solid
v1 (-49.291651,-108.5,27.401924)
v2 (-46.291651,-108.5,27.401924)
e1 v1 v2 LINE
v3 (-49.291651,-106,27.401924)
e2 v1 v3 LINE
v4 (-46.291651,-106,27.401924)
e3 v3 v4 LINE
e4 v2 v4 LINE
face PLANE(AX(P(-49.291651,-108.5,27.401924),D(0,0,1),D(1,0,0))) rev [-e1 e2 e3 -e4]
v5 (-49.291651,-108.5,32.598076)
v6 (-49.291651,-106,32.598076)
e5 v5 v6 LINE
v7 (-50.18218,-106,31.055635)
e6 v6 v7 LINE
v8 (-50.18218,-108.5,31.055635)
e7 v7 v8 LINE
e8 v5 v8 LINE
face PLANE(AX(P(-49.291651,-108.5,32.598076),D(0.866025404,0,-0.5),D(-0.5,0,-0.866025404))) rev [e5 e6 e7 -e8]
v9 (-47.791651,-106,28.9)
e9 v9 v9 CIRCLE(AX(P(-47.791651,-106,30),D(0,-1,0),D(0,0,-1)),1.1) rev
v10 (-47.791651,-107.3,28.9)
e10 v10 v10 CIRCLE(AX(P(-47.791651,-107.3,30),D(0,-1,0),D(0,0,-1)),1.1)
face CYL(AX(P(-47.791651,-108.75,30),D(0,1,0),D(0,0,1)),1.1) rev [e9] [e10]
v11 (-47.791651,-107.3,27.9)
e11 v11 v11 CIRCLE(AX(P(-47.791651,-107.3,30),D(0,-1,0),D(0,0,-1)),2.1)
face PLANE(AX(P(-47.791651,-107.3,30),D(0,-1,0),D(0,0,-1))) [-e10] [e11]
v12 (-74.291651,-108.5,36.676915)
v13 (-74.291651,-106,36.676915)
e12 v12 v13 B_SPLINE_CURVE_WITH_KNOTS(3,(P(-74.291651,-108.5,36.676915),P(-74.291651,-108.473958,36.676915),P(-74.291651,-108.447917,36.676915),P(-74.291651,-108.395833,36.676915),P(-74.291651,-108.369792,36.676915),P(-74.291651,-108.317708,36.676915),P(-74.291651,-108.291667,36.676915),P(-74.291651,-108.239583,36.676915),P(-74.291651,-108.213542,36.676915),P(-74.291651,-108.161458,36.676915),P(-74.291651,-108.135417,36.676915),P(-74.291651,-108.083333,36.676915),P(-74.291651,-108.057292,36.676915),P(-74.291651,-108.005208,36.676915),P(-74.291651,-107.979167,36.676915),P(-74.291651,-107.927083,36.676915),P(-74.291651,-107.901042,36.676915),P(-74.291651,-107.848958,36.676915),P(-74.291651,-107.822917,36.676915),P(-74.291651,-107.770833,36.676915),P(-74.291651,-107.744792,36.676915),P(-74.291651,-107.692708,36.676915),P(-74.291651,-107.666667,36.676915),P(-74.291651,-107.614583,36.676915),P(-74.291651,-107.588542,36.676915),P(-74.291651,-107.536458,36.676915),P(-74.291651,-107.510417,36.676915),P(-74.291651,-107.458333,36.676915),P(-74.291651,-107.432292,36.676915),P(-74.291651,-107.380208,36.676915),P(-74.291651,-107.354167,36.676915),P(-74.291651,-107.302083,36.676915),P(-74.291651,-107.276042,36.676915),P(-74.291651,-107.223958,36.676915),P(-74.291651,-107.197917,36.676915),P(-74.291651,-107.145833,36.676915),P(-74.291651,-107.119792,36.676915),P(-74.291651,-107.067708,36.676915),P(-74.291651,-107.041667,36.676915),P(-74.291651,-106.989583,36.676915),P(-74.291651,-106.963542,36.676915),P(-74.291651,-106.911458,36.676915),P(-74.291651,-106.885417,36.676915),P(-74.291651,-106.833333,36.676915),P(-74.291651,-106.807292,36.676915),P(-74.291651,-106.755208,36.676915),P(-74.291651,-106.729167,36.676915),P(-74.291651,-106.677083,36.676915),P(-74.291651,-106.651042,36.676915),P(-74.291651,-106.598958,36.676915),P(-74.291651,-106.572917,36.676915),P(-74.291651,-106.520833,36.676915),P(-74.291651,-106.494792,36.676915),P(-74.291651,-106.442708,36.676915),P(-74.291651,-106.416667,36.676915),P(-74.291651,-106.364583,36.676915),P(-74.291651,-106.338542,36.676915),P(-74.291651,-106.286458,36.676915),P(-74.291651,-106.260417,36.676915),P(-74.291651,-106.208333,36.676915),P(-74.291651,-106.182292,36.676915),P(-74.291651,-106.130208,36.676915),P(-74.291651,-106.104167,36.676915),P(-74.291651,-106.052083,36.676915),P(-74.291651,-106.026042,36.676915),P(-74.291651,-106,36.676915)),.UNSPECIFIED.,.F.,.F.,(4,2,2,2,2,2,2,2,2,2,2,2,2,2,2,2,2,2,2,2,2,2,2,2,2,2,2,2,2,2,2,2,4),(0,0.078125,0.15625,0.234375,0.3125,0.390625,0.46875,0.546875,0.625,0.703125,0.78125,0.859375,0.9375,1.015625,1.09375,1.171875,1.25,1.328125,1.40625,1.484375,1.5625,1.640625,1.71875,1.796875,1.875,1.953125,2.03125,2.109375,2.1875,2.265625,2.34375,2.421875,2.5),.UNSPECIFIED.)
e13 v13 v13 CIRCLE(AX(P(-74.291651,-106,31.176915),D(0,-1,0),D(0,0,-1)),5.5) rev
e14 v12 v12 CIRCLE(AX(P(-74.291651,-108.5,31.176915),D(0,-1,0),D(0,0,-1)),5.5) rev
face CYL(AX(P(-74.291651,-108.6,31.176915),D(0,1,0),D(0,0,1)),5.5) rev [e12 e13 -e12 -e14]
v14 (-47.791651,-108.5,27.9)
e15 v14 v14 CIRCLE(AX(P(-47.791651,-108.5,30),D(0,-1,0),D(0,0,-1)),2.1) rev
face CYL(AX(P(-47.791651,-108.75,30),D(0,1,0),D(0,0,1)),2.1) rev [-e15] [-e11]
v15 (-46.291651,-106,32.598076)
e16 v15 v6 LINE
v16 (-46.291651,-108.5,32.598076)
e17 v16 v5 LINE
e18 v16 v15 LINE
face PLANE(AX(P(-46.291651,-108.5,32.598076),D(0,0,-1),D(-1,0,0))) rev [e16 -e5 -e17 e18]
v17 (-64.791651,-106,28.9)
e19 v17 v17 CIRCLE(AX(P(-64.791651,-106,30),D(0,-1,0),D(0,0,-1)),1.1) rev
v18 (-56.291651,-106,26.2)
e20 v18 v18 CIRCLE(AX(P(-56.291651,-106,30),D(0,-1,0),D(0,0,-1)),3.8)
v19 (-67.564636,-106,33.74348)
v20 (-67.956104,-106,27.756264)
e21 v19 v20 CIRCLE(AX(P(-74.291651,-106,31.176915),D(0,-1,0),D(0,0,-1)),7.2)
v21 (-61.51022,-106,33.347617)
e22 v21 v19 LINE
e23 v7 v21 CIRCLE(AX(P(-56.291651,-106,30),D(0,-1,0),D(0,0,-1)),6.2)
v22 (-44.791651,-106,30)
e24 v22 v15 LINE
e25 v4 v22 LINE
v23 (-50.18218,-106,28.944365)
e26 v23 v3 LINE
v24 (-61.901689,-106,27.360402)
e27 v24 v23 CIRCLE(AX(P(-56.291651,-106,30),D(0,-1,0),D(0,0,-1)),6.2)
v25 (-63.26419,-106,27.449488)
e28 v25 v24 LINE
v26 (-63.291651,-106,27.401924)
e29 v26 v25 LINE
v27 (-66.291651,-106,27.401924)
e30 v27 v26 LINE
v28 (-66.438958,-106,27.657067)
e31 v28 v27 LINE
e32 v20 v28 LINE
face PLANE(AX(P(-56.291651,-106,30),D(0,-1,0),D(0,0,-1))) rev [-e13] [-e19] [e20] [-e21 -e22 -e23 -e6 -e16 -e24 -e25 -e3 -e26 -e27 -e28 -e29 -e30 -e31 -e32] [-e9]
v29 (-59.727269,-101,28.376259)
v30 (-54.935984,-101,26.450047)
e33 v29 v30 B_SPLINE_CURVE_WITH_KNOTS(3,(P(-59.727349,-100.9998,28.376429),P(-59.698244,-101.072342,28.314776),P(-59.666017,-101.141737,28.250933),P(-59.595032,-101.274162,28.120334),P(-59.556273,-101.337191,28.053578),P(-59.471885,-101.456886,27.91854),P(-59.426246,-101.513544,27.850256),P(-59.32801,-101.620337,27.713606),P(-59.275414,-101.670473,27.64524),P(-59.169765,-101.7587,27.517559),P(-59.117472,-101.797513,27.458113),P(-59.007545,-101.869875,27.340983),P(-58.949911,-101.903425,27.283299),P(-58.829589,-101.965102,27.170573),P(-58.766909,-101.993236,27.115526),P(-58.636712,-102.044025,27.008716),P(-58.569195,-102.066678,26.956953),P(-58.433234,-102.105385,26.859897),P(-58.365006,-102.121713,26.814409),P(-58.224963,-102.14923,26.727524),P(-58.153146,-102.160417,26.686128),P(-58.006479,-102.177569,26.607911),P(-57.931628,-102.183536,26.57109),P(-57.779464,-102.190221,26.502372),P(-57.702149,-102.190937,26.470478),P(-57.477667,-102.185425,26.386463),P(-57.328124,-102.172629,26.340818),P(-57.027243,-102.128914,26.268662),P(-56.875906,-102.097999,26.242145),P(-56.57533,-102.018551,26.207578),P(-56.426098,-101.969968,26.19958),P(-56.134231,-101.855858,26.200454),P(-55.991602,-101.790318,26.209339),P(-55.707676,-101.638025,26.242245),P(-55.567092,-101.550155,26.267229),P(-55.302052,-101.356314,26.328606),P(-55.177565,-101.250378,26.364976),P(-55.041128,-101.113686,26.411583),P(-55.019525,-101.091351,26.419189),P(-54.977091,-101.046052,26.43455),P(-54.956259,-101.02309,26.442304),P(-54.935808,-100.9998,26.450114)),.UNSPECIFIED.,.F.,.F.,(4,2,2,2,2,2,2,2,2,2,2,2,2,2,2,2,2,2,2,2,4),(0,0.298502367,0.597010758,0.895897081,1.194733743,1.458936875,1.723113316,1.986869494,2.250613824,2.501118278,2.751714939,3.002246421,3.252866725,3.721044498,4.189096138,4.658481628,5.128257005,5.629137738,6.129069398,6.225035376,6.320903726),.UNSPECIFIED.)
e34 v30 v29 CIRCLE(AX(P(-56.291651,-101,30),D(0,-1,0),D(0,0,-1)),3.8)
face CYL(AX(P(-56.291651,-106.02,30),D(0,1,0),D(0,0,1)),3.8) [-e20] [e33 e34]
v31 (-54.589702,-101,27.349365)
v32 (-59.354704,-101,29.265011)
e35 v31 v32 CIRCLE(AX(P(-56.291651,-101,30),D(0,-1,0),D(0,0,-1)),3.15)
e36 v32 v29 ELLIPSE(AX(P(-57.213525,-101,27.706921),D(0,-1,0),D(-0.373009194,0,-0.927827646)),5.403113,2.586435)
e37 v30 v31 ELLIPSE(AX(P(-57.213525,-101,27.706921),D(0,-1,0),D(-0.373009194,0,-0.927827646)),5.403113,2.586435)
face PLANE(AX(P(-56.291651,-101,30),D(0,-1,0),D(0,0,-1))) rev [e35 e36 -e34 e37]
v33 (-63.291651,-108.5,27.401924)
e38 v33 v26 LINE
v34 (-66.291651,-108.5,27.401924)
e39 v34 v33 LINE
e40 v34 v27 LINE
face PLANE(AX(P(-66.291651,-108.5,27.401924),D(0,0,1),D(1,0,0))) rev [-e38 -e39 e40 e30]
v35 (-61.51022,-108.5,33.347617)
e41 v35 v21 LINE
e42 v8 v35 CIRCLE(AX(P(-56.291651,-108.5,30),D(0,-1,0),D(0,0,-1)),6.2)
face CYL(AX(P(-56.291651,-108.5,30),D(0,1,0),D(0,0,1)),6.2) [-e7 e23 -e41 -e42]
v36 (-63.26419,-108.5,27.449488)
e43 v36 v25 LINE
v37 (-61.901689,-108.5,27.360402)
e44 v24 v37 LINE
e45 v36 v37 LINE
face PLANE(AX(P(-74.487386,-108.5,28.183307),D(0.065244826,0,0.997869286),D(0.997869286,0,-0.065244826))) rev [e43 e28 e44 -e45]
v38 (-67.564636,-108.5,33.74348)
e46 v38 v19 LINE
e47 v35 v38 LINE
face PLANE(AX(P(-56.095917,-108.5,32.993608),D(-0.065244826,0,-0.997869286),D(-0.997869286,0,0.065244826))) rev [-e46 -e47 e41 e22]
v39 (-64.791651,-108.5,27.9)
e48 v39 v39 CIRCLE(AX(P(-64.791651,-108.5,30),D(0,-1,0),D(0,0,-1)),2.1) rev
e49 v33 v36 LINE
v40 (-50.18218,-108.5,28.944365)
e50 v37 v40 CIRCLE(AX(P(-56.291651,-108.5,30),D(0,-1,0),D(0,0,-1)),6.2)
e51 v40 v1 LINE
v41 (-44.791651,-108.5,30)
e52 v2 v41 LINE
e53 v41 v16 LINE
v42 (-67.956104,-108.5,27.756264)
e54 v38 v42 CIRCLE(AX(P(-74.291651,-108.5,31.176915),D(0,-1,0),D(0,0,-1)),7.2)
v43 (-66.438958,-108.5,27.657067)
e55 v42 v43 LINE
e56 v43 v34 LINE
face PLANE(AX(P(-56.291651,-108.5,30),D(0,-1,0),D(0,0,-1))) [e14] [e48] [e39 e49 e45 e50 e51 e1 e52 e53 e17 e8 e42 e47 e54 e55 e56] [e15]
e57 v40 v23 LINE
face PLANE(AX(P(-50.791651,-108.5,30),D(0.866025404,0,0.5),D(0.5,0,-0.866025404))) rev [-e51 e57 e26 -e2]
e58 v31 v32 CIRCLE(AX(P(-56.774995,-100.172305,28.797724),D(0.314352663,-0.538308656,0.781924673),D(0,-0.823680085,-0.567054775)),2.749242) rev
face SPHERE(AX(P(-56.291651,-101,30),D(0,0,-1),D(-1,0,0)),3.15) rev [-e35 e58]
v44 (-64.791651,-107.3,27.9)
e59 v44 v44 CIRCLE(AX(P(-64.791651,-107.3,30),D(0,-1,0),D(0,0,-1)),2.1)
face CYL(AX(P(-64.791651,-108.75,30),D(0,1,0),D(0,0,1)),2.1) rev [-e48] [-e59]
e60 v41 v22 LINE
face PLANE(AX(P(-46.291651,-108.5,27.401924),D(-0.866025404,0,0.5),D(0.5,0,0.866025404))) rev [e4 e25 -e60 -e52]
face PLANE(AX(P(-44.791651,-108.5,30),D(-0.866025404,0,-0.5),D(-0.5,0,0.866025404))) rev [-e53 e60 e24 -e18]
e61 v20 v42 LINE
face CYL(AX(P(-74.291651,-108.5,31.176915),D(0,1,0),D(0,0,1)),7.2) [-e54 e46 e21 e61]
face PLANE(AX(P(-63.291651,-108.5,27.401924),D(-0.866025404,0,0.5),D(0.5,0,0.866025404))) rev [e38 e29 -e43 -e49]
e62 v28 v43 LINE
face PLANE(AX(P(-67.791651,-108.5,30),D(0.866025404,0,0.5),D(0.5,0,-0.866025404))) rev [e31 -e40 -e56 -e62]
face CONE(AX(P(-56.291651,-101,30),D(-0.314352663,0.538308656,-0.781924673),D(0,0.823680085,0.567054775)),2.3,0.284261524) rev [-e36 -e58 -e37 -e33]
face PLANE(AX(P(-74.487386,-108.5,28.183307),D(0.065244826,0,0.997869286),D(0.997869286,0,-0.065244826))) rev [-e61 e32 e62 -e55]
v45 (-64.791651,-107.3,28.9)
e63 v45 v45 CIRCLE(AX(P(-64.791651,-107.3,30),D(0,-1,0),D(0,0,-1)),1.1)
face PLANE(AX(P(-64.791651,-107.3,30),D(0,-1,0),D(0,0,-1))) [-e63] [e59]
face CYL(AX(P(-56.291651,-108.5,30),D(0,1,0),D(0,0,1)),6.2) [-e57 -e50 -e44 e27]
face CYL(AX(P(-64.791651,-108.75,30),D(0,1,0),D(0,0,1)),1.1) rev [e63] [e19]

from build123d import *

# Parameters (mm, degrees)
RETAINER_FEATURE_1_PROFILE_R  = 3.8
RETAINER_FEATURE_1_DEPTH      = 5.02
RETAINER_FEATURE_2_PROFILE_R  = 6.2
RETAINER_FEATURE_2_DEPTH      = 2.5
RETAINER_FEATURE_5_DEPTH      = 2.5
RETAINER_FEATURE_8_DEPTH      = 2.5
RETAINER_FEATURE_12_DEPTH     = 2.5
RETAINER_FEATURE_13_PROFILE_R = 7.2
RETAINER_FEATURE_13_DEPTH     = 2.5
RETAINER_FEATURE_14_PROFILE_R = 5.5
RETAINER_FEATURE_14_DEPTH     = 2.7
RETAINER_FEATURE_15_PROFILE_R = 1.1
RETAINER_FEATURE_15_DEPTH     = 3.75
RETAINER_FEATURE_16_PROFILE_R = 2.1
RETAINER_FEATURE_16_DEPTH     = 1.45
RETAINER_FEATURE_17_PROFILE_R = 1.1
RETAINER_FEATURE_17_DEPTH     = 3.75
RETAINER_FEATURE_18_PROFILE_R = 2.1
RETAINER_FEATURE_18_DEPTH     = 1.45


with BuildPart() as part:
    # Retainer Feature 1 profile → Retainer Feature 1 (new body)
    with BuildSketch(Plane(origin=(0, -101, 0), x_dir=(-1, 0, 0), z_dir=(0, -1, 0))):
        with Locations(Location((56.291651246, -30, 0), (0, 0, 90))):
            Circle(RETAINER_FEATURE_1_PROFILE_R)
    extrude(amount=RETAINER_FEATURE_1_DEPTH)

    # Retainer Feature 2 profile → Retainer Feature 2 (add)
    with BuildSketch(Plane(origin=(0, -106, 0), x_dir=(-1, 0, 0), z_dir=(0, -1, 0))):
        with Locations(Location((56.291651246, -30, 0), (0, 0, 90))):
            Circle(RETAINER_FEATURE_2_PROFILE_R)
    extrude(amount=RETAINER_FEATURE_2_DEPTH)

    # Middle Right Floating Compression Ball R → Retainer Feature 5 (add)
    with BuildSketch(Plane(origin=(0, -106, 0), x_dir=(-1, 0, 0), z_dir=(0, -1, 0))):
        Polygon((44.791651246, -30), (46.291651246, -32.598076211), (49.291651246, -32.598076211), (50.791651246, -30), (49.291651246, -27.401923789), (46.291651246, -27.401923789), align=None)
    extrude(amount=RETAINER_FEATURE_5_DEPTH)

    # Middle Right Floating Compression Ba 2 → Retainer Feature 8 (add)
    with BuildSketch(Plane(origin=(0, -106, 0), x_dir=(-1, 0, 0), z_dir=(0, -1, 0))):
        Polygon((61.791651246, -30), (63.291651246, -32.598076211), (66.291651246, -32.598076211), (67.791651246, -30), (66.291651246, -27.401923789), (63.291651246, -27.401923789), align=None)
    extrude(amount=RETAINER_FEATURE_8_DEPTH)

    # Retainer Feature 9 profile → Retainer Feature 9 (revolve, cut)
    with BuildSketch(Plane(origin=(0, -101, 0), x_dir=(-1, 0, 0), z_dir=(0, -1, 0))):
        with BuildLine():
            Line((56.291651246, -33.15), (56.291651246, -26.85))
            ThreePointArc((56.291651246, -26.85), (53.141651246, -30), (56.291651246, -33.15))
        make_face()
    revolve(axis=Axis((-56.291651246, -101, 20), (0, 0, 1)), mode=Mode.SUBTRACT)

    # Middle Right Floating Compression Ba 3 → Retainer Feature 12 (add)
    with BuildSketch(Plane(origin=(0, -106, 0), x_dir=(-1, 0, 0), z_dir=(0, -1, 0))):
        Polygon((56.095916768, -32.993607859), (74.095916768, -34.170522395), (74.487385724, -28.183306677), (56.487385724, -27.006392141), align=None)
    extrude(amount=RETAINER_FEATURE_12_DEPTH)

    # Retainer Feature 13 profile → Retainer Feature 13 (add)
    with BuildSketch(Plane(origin=(0, -106, 0), x_dir=(-1, 0, 0), z_dir=(0, -1, 0))):
        with Locations((74.291651246, -31.176914536)):
            Circle(RETAINER_FEATURE_13_PROFILE_R)
    extrude(amount=RETAINER_FEATURE_13_DEPTH)

    # Retainer Feature 14 profile → Retainer Feature 14 (cut)
    with BuildSketch(Plane(origin=(0, -105.9, 0), x_dir=(-1, 0, 0), z_dir=(0, -1, 0))):
        with Locations(Location((74.291651246, -31.176914536, 0), (0, 0, 270))):
            Circle(RETAINER_FEATURE_14_PROFILE_R)
    extrude(amount=RETAINER_FEATURE_14_DEPTH, mode=Mode.SUBTRACT)

    # Retainer Feature 15 profile → Retainer Feature 15 (cut)
    with BuildSketch(Plane(origin=(0, -105, 0), x_dir=(-1, 0, 0), z_dir=(0, -1, 0))):
        with Locations(Location((47.791651246, -30, 0), (0, 0, 90))):
            Circle(RETAINER_FEATURE_15_PROFILE_R)
    extrude(amount=RETAINER_FEATURE_15_DEPTH, mode=Mode.SUBTRACT)

    # Retainer Feature 16 profile → Retainer Feature 16 (cut)
    with BuildSketch(Plane(origin=(0, -107.3, 0), x_dir=(-1, 0, 0), z_dir=(0, -1, 0))):
        with Locations(Location((47.791651246, -30, 0), (0, 0, 90))):
            Circle(RETAINER_FEATURE_16_PROFILE_R)
    extrude(amount=RETAINER_FEATURE_16_DEPTH, mode=Mode.SUBTRACT)

    # Retainer Feature 17 profile → Retainer Feature 17 (cut)
    with BuildSketch(Plane(origin=(0, -105, 0), x_dir=(-1, 0, 0), z_dir=(0, -1, 0))):
        with Locations(Location((64.791651246, -30, 0), (0, 0, 90))):
            Circle(RETAINER_FEATURE_17_PROFILE_R)
    extrude(amount=RETAINER_FEATURE_17_DEPTH, mode=Mode.SUBTRACT)

    # Retainer Feature 18 profile → Retainer Feature 18 (cut)
    with BuildSketch(Plane(origin=(0, -107.3, 0), x_dir=(-1, 0, 0), z_dir=(0, -1, 0))):
        with Locations(Location((64.791651246, -30, 0), (0, 0, 90))):
            Circle(RETAINER_FEATURE_18_PROFILE_R)
    extrude(amount=RETAINER_FEATURE_18_DEPTH, mode=Mode.SUBTRACT)

    # Articulation Throat Sketch → Articulation Throat (revolve, cut)
    with BuildSketch(Plane(origin=(-75.19414337, -14.119516346, 20.509419779), x_dir=(-0.2544785459472912, -0.04778449262394895, -0.9658971539026421), z_dir=(0.9493062747008634, 0.17825517869277502, -0.2589260282064664))):
        Polygon((-9.825663304, -88.876600419), (-8.475389129, -90.738524062), (14.088996194, -82.675837476), (8.793573125, -75.373858667), align=None)
    revolve(axis=Axis((-53.148124615, -106.383086561, 37.819246728), (-0.3143526631246646, 0.5383086561091633, -0.781924672807028)), mode=Mode.SUBTRACT)


solid = part.part
